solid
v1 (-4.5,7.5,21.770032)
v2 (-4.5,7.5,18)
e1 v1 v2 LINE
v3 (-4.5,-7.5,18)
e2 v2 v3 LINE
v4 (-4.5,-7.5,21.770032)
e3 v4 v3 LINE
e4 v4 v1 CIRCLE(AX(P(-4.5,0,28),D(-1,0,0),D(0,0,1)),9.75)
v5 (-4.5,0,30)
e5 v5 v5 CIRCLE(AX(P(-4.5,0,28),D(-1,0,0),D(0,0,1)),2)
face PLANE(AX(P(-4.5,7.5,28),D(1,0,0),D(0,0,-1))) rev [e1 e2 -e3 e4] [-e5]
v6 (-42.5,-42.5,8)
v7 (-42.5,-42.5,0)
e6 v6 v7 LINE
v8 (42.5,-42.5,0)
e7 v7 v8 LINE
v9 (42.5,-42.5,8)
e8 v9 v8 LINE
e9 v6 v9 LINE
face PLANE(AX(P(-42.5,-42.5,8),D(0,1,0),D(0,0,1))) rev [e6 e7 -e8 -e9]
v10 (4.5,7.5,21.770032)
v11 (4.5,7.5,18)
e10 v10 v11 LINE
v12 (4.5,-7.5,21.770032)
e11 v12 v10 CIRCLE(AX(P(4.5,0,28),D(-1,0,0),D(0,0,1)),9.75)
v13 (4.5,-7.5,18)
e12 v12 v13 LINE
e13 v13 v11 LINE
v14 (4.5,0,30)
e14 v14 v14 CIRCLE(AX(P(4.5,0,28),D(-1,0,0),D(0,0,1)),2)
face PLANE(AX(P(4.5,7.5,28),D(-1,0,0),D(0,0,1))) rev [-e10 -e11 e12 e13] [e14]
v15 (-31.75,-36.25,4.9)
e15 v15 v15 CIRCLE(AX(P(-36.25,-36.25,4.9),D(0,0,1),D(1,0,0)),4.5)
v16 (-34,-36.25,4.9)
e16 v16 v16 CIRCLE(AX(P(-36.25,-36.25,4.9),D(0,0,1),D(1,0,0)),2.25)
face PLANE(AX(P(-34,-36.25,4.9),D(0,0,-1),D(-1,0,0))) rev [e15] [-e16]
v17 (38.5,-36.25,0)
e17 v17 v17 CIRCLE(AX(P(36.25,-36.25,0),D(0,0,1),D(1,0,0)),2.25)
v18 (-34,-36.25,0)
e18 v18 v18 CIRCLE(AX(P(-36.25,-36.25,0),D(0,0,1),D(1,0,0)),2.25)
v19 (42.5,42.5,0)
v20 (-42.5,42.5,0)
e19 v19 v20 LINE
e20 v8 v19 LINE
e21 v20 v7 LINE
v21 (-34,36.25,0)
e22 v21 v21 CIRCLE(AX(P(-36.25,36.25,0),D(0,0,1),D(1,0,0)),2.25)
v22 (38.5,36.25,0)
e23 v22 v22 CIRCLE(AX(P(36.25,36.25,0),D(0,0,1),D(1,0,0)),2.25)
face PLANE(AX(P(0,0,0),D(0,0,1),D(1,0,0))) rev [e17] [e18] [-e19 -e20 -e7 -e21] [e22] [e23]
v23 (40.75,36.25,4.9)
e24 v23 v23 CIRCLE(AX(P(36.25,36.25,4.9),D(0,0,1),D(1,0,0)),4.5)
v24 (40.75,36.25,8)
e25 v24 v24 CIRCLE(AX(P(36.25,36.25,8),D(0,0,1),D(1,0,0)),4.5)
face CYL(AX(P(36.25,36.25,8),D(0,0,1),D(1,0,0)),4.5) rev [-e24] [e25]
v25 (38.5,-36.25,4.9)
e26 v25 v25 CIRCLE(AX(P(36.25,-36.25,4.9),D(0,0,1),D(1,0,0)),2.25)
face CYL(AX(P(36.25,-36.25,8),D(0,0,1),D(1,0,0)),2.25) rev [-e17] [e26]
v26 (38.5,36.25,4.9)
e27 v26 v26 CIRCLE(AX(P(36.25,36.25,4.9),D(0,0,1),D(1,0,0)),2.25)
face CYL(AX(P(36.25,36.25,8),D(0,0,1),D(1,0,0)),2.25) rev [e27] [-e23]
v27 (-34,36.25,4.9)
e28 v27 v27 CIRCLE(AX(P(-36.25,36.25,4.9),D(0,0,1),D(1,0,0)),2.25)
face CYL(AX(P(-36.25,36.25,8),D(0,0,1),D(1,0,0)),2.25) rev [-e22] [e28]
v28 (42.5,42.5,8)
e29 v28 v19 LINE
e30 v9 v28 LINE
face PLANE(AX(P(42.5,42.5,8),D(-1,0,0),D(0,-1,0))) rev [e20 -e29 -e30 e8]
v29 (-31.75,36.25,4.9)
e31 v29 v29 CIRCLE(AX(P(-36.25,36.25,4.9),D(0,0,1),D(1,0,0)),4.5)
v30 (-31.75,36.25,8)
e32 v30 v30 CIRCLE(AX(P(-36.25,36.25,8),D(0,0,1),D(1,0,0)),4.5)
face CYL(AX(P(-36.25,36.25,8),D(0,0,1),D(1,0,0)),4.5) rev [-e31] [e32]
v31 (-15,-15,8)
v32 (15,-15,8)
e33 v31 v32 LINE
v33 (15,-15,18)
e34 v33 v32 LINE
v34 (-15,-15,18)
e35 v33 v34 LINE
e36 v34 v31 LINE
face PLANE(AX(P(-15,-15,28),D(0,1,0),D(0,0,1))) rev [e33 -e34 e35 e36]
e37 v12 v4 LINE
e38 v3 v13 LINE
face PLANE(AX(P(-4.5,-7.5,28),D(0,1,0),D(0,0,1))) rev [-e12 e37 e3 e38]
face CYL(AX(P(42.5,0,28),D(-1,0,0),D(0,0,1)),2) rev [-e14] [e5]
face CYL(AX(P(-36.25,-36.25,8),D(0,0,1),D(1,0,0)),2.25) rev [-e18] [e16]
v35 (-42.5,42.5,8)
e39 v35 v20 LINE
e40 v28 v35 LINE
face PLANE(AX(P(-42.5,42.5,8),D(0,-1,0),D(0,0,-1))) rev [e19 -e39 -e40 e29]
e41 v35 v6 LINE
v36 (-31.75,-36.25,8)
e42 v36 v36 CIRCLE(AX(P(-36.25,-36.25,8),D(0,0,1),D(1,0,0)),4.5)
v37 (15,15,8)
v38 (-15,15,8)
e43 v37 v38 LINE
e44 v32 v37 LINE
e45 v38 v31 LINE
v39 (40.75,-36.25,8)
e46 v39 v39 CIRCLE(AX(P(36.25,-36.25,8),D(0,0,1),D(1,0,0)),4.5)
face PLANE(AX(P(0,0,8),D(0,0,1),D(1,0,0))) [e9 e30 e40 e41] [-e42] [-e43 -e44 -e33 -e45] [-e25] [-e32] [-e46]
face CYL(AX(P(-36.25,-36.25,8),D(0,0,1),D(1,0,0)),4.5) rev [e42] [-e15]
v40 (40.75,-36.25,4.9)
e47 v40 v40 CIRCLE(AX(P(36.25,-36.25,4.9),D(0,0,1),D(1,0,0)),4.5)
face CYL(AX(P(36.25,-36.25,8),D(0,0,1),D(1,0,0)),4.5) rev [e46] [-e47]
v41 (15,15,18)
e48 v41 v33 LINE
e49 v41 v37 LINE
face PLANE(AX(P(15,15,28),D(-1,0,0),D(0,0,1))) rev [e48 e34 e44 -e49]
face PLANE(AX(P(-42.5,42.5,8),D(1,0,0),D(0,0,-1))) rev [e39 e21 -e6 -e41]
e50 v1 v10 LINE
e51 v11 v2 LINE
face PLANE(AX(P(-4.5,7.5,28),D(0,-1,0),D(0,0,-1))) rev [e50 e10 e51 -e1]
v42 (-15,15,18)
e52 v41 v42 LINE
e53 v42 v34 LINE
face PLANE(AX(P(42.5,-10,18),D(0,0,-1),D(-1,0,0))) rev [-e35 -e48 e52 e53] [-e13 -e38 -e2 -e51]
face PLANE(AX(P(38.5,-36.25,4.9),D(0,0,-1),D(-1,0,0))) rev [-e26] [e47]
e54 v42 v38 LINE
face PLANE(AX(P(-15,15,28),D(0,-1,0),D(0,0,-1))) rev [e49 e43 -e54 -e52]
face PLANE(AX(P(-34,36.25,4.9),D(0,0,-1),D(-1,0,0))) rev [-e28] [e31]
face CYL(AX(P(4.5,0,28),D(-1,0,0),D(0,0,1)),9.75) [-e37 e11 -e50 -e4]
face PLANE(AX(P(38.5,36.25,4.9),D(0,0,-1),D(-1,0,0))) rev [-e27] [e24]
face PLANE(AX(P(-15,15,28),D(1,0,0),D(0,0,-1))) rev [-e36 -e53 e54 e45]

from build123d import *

# Parameters (mm, degrees)
ESBO_O1_W                                            = 85
ESBO_O1_H                                            = 85
RESSALTO_EXTRUS_O1_DEPTH                             = 8
REBAIXO_PARA_PARAFUSO_DE_M_QUINA_COM_CAB_D           = 4.5
REBAIXO_PARA_PARAFUSO_DE_M_QUINA_COM_CAB_CBORE_D     = 9
REBAIXO_PARA_PARAFUSO_DE_M_QUINA_COM_CAB_CBORE_DEPTH = 3.1
ESBO_O5_W                                            = 30
ESBO_O5_H                                            = 30
RESSALTO_EXTRUS_O2_DEPTH                             = 20
ESBO_O6_R                                            = 10
CORTE_EXTRUS_O1_DEPTH                                = 10
ESBO_O7_R                                            = 10
CORTE_EXTRUS_O2_DEPTH                                = 10
CORTE_EXTRUS_O3_DEPTH                                = 58.5
ESBO_O9_W                                            = 9
ESBO_O9_H                                            = 15
RESSALTO_EXTRUS_O3_DEPTH                             = 10
ESBO_O10_R                                           = 9.75
RESSALTO_EXTRUS_O4_DEPTH                             = 9
ESBO_O11_R                                           = 2
CORTE_EXTRUS_O4_DEPTH                                = 48


with BuildPart() as part:
    # Esboço1 → Ressalto-extrusão1 (new body)
    with BuildSketch(Plane.XY):
        Rectangle(ESBO_O1_W, ESBO_O1_H)
    extrude(amount=RESSALTO_EXTRUS_O1_DEPTH)

    # Rebaixo para parafuso de máquina com cabeça panela de M41 (through all)
    with Locations(Plane.XY.offset(8)):
        with Locations((-36.25, 36.25), (-36.25, -36.25), (36.25, -36.25), (36.25, 36.25)):
            CounterBoreHole(REBAIXO_PARA_PARAFUSO_DE_M_QUINA_COM_CAB_D / 2, REBAIXO_PARA_PARAFUSO_DE_M_QUINA_COM_CAB_CBORE_D / 2, REBAIXO_PARA_PARAFUSO_DE_M_QUINA_COM_CAB_CBORE_DEPTH)

    # Esboço5 → Ressalto-extrusão2 (add)
    with BuildSketch(Plane.XY.offset(8)):
        Rectangle(ESBO_O5_W, ESBO_O5_H)
    extrude(amount=RESSALTO_EXTRUS_O2_DEPTH)

    # Esboço6 → Corte-extrusão1 (cut)
    with BuildSketch(Plane(origin=(15, 0, 0), x_dir=(0, 0, -1), z_dir=(1, 0, 0))):
        with Locations((-28, 0)):
            Circle(ESBO_O6_R)
    extrude(amount=-CORTE_EXTRUS_O1_DEPTH, mode=Mode.SUBTRACT)

    # Esboço7 → Corte-extrusão2 (cut)
    with BuildSketch(Plane.ZY.offset(15)):
        with Locations((28, 0)):
            Circle(ESBO_O7_R)
    extrude(amount=-CORTE_EXTRUS_O2_DEPTH, mode=Mode.SUBTRACT)

    # Esboço8 → Corte-extrusão3 (cut, through all)
    with BuildSketch(Plane.ZY.offset(15)):
        Polygon((18, 10), (18, 15), (28, 15), (28, 10), (28, -10), (28, -15), (18, -15), (18, -10), align=None)
    extrude(amount=-CORTE_EXTRUS_O3_DEPTH, mode=Mode.SUBTRACT)

    # Esboço9 → Ressalto-extrusão3 (add)
    with BuildSketch(Plane.XY.offset(18)):
        Rectangle(ESBO_O9_W, ESBO_O9_H)
    extrude(amount=RESSALTO_EXTRUS_O3_DEPTH)

    # Esboço10 → Ressalto-extrusão4 (add)
    with BuildSketch(Plane.ZY.offset(4.5)):
        with Locations((28, 0)):
            Circle(ESBO_O10_R)
    extrude(amount=-RESSALTO_EXTRUS_O4_DEPTH)

    # Esboço11 → Corte-extrusão4 (cut, through all)
    with BuildSketch(Plane.ZY.offset(4.5)):
        with Locations((28, 0)):
            Circle(ESBO_O11_R)
    extrude(amount=-CORTE_EXTRUS_O4_DEPTH, mode=Mode.SUBTRACT)


solid = part.part
